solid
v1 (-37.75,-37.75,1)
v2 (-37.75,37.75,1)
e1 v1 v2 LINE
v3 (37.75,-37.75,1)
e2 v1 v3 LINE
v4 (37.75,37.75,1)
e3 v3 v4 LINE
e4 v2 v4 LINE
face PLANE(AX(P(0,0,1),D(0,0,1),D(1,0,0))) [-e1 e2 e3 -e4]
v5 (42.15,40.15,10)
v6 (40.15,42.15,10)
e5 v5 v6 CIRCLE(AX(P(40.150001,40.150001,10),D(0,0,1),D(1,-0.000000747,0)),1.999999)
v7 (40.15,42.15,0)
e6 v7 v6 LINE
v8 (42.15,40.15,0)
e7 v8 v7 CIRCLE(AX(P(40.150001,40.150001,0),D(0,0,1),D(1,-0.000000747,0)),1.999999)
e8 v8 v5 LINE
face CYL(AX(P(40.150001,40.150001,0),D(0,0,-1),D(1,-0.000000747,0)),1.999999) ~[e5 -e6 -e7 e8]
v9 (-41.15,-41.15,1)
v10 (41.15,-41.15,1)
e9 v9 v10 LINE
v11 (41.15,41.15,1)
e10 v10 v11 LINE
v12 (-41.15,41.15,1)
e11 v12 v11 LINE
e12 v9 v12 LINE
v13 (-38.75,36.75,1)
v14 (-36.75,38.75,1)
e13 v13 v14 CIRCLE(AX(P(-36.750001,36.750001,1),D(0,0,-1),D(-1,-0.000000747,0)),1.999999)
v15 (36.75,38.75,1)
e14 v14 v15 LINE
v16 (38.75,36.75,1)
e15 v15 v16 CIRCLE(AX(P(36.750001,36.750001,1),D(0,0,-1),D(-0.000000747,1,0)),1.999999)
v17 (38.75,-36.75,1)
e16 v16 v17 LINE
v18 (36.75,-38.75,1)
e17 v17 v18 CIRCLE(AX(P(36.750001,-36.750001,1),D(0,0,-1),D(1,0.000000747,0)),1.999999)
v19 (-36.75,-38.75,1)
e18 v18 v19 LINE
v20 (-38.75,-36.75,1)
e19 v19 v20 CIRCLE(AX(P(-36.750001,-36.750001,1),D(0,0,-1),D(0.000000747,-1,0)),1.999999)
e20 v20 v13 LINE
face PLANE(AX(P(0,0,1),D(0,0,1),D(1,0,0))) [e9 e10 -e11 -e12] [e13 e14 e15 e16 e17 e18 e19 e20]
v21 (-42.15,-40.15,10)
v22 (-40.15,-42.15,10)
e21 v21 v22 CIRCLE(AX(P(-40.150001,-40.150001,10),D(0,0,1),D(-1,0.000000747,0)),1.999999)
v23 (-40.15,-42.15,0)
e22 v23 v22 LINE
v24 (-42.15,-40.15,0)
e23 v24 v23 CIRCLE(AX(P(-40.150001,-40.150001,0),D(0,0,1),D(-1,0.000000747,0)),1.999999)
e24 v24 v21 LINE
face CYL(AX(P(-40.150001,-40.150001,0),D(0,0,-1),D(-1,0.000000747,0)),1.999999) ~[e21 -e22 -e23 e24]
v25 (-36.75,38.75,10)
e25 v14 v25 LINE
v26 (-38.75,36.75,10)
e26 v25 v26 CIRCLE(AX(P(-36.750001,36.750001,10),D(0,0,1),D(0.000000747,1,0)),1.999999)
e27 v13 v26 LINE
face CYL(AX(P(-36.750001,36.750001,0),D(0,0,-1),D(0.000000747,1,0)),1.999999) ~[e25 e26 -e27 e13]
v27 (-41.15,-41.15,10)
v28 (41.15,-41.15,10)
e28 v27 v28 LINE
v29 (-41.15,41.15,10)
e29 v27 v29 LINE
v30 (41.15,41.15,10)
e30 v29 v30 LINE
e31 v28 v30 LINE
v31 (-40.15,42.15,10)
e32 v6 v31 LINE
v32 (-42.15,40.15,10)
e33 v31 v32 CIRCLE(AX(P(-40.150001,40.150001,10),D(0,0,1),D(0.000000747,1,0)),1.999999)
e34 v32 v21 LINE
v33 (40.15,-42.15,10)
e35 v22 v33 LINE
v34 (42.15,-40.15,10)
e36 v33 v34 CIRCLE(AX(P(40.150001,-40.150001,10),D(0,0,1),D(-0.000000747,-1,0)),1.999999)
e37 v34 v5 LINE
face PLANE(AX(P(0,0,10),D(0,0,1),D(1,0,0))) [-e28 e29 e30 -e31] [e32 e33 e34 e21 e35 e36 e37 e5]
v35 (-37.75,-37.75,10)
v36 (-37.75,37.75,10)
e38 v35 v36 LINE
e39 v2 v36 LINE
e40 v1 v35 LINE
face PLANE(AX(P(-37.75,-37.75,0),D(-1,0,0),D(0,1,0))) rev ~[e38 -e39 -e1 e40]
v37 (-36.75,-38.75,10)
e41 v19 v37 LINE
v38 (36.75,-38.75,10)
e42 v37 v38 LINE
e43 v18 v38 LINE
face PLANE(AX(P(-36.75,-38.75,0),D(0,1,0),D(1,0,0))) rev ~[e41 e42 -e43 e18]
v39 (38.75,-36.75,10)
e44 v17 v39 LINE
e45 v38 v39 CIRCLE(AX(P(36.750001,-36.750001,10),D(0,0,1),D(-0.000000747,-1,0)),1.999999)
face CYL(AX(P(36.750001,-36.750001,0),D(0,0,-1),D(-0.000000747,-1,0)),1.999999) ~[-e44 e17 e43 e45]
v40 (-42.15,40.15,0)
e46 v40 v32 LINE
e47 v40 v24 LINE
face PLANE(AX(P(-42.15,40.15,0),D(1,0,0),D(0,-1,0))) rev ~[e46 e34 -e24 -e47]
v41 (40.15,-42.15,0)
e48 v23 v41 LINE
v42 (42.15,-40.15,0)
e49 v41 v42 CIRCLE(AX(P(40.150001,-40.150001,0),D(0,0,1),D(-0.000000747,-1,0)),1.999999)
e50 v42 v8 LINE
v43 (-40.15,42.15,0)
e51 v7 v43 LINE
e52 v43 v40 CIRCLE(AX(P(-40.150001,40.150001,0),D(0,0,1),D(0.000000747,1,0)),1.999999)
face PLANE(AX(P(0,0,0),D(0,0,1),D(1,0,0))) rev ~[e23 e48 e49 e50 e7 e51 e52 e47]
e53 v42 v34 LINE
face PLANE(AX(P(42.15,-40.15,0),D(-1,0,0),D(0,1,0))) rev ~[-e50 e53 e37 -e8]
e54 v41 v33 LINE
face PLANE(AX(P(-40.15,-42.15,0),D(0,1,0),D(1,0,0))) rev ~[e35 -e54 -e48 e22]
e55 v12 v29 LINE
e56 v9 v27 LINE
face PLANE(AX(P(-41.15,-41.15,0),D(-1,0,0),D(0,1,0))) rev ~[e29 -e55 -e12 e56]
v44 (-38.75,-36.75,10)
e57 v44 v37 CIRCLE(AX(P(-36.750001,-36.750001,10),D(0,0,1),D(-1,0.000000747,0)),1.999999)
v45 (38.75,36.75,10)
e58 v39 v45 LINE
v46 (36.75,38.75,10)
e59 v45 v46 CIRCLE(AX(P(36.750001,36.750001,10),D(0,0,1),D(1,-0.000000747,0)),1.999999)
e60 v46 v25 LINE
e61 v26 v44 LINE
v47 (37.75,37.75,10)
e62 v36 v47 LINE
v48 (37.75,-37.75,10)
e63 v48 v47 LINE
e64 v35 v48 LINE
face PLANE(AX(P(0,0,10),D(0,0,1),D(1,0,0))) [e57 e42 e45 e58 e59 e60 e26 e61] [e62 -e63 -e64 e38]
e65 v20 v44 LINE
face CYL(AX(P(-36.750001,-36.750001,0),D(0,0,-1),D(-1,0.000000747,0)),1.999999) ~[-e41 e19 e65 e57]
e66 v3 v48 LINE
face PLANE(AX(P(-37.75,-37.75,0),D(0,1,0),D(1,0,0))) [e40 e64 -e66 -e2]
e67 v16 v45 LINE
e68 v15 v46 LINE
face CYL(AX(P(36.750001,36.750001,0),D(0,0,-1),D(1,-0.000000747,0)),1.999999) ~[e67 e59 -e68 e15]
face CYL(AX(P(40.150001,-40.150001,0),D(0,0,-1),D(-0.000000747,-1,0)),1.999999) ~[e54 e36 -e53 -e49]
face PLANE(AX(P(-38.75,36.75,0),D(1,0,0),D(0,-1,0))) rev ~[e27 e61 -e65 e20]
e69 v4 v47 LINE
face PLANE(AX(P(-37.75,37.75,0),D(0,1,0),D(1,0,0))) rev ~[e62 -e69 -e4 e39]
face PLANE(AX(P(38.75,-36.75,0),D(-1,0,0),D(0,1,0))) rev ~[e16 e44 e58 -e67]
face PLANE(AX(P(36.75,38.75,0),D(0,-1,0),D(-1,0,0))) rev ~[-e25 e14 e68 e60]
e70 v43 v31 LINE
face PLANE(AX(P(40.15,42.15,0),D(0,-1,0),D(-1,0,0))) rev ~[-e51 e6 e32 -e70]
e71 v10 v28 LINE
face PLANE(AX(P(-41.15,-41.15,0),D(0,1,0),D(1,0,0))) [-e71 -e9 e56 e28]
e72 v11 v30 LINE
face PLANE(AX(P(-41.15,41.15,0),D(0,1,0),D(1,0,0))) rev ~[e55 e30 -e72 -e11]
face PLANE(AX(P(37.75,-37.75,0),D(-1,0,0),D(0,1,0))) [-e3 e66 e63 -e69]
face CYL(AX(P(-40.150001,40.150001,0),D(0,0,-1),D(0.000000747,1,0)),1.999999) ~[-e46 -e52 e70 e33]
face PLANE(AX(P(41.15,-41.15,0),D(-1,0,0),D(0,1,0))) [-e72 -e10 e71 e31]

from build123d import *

# Parameters (mm, degrees)
F0_W     = 82.3
F0_H     = 82.3
F0_W_2   = 75.5
F0_H_2   = 75.5
F1_DEPTH = 10
F2_DEPTH = 1


with BuildPart() as f1:
    # F0 (on Top) → F1 (new body)
    with BuildSketch(Plane.XY):
        with BuildLine():
            ThreePointArc((42.15, 40.15), (41.564214, 41.564214), (40.15, 42.15))
            Line((40.15, 42.15), (-40.15, 42.15))
            ThreePointArc((-40.15, 42.15), (-41.564214, 41.564214), (-42.15, 40.15))
            Line((-42.15, 40.15), (-42.15, -40.15))
            ThreePointArc((-42.15, -40.15), (-41.564214, -41.564214), (-40.15, -42.15))
            Line((-40.15, -42.15), (40.15, -42.15))
            ThreePointArc((40.15, -42.15), (41.564214, -41.564214), (42.15, -40.15))
            Line((42.15, -40.15), (42.15, 40.15))
        make_face()
        Rectangle(F0_W, F0_H, mode=Mode.SUBTRACT)
        with BuildLine():
            ThreePointArc((-36.75, 38.75), (-38.164214, 38.164214), (-38.75, 36.75))
            Line((-38.75, 36.75), (-38.75, -36.75))
            ThreePointArc((-38.75, -36.75), (-38.164214, -38.164214), (-36.75, -38.75))
            Line((-36.75, -38.75), (36.75, -38.75))
            ThreePointArc((36.75, -38.75), (38.164214, -38.164214), (38.75, -36.75))
            Line((38.75, -36.75), (38.75, 36.75))
            ThreePointArc((38.75, 36.75), (38.164214, 38.164214), (36.75, 38.75))
            Line((36.75, 38.75), (-36.75, 38.75))
        make_face()
        Rectangle(F0_W_2, F0_H_2, mode=Mode.SUBTRACT)
    extrude(amount=F1_DEPTH)

    # F0 (on Top) → F2 (join)
    with BuildSketch(Plane.XY):
        Rectangle(F0_W, F0_H)
        with BuildLine():
            Line((-38.75, -36.75), (-38.75, 36.75))
            ThreePointArc((-38.75, 36.75), (-38.164214, 38.164214), (-36.75, 38.75))
            Line((-36.75, 38.75), (36.75, 38.75))
            ThreePointArc((36.75, 38.75), (38.164214, 38.164214), (38.75, 36.75))
            Line((38.75, 36.75), (38.75, -36.75))
            ThreePointArc((38.75, -36.75), (38.164214, -38.164214), (36.75, -38.75))
            Line((36.75, -38.75), (-36.75, -38.75))
            ThreePointArc((-36.75, -38.75), (-38.164214, -38.164214), (-38.75, -36.75))
        make_face(mode=Mode.SUBTRACT)
        Rectangle(F0_W_2, F0_H_2)
    extrude(amount=F2_DEPTH)


solid = f1.part
